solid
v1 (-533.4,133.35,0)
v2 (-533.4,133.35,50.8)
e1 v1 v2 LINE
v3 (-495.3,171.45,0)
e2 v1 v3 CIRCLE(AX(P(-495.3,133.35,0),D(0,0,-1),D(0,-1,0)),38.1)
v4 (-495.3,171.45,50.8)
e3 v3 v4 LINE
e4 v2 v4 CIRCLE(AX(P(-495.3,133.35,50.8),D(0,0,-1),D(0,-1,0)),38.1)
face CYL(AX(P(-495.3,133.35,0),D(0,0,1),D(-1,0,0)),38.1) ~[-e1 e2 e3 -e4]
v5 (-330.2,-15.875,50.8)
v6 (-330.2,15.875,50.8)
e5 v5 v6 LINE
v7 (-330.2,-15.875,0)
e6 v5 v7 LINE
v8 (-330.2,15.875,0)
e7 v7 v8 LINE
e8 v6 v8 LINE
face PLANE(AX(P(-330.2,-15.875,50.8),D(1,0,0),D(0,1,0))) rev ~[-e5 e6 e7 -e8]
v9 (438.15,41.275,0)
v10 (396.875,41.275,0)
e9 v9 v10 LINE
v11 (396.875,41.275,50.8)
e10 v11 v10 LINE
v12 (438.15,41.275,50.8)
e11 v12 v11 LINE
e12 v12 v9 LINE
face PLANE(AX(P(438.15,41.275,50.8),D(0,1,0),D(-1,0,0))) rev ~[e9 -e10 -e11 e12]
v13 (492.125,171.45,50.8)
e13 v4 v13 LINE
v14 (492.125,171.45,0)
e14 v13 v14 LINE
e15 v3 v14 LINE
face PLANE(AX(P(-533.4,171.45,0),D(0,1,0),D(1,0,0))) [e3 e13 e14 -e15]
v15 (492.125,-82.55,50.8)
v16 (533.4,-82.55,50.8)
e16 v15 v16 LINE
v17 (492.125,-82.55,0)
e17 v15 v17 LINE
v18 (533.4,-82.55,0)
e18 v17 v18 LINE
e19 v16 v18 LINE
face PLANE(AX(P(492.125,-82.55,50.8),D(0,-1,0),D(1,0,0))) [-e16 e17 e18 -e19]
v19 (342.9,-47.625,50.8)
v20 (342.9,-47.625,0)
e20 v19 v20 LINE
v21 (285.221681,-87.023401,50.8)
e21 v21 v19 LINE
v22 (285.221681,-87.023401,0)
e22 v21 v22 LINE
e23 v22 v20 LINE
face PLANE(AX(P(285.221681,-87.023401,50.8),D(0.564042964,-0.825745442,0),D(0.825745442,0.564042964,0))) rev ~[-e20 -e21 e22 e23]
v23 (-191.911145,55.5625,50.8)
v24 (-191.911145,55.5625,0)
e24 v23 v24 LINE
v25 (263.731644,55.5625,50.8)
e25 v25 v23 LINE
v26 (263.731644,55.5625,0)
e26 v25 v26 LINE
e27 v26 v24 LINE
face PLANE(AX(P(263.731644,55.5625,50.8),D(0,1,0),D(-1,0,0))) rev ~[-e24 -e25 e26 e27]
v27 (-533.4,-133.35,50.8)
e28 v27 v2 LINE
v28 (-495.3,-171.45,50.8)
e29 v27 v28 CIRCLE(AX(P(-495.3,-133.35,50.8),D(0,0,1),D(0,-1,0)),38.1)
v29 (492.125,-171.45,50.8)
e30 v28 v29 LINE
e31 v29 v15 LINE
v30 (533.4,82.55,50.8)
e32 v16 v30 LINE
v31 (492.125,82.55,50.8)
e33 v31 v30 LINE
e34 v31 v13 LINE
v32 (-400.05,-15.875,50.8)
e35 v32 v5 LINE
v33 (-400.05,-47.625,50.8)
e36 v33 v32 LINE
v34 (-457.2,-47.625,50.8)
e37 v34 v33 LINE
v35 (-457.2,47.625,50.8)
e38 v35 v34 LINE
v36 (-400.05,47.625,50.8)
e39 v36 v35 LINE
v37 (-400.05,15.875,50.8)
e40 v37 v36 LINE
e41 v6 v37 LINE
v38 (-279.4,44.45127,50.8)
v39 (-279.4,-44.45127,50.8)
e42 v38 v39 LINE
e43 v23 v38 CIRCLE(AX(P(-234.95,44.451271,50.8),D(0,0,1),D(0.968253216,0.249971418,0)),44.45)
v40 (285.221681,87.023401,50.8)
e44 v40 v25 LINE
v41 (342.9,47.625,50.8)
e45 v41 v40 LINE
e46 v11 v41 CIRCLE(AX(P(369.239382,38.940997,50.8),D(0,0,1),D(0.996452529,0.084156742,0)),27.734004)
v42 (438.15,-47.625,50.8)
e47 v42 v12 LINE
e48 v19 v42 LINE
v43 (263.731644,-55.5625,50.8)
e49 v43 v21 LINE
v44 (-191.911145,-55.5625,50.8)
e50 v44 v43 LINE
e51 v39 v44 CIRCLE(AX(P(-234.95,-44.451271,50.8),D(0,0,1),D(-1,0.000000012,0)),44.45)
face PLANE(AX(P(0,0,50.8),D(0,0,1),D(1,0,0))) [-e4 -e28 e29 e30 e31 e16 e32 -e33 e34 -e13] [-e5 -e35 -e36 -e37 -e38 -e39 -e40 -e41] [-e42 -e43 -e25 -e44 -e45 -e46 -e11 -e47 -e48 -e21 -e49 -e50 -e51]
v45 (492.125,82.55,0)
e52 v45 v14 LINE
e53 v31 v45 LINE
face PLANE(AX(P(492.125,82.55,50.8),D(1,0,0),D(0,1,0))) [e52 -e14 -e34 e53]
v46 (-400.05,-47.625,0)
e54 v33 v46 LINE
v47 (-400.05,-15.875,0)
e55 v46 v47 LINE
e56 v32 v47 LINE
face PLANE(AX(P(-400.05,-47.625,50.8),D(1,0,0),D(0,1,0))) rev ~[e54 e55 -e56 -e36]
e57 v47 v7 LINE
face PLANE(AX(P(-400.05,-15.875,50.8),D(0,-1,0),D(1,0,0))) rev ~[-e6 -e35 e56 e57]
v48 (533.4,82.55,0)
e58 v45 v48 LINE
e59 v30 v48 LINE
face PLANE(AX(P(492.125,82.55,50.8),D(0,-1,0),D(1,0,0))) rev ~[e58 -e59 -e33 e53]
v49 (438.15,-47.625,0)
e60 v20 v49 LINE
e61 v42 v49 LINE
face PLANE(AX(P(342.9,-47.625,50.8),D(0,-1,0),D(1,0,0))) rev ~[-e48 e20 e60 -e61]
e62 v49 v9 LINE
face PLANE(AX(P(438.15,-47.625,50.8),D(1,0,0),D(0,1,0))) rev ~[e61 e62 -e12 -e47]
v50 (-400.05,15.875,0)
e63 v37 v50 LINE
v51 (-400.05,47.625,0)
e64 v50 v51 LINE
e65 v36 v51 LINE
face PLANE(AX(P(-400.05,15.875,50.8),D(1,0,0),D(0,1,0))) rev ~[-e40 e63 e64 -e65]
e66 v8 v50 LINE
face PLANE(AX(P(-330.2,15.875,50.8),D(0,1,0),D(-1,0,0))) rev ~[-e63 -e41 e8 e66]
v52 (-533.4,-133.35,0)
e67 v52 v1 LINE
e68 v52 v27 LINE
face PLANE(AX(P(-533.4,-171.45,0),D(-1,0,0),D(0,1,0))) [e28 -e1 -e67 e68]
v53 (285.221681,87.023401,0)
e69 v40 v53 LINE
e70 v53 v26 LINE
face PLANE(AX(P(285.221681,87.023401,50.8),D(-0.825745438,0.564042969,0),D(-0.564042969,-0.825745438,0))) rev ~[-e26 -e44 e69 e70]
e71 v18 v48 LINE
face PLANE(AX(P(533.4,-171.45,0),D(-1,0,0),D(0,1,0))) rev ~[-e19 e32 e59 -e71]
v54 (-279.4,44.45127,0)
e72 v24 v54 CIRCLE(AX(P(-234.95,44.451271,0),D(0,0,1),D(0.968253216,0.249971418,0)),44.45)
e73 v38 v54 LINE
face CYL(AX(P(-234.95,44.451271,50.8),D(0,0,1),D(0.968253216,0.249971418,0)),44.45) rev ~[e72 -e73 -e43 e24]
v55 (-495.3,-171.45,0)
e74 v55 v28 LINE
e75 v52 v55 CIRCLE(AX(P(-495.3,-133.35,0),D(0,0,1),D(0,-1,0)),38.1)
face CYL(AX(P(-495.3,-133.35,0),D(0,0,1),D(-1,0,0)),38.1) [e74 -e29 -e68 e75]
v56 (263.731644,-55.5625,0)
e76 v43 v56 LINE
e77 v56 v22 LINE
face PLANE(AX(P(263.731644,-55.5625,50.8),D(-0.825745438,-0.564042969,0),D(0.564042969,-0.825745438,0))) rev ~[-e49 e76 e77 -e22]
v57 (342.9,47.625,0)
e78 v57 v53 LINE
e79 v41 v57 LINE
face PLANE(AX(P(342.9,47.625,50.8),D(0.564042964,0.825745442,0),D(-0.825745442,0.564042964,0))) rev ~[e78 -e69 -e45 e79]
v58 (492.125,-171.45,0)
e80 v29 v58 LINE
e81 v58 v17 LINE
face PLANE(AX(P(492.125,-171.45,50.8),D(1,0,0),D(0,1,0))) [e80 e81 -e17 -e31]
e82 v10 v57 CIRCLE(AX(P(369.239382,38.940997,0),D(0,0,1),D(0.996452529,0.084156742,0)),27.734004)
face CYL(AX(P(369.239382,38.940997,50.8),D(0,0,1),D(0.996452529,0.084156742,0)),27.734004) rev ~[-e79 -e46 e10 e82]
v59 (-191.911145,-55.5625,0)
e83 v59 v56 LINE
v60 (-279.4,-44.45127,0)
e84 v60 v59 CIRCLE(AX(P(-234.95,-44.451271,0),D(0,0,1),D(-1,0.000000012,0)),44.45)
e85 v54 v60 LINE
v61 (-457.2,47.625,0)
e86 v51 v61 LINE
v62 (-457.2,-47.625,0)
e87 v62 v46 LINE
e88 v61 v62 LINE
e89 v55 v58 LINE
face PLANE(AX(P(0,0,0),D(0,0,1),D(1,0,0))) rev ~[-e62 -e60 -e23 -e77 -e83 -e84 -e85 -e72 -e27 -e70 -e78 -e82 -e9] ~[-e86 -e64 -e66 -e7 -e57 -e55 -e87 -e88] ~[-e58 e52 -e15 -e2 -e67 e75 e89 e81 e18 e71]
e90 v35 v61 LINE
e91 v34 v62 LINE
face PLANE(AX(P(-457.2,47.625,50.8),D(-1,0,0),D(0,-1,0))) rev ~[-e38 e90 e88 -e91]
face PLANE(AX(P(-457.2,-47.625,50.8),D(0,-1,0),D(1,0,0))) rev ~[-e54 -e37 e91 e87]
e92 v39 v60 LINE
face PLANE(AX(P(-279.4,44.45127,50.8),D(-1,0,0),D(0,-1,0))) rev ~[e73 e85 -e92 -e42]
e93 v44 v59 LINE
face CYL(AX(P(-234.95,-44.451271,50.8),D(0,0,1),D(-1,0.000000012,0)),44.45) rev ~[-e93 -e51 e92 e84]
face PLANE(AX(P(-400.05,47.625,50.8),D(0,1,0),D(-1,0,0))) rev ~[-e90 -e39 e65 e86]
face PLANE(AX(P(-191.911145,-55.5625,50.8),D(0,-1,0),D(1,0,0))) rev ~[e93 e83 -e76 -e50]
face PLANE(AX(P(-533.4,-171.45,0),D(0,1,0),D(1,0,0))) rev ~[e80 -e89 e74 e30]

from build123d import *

# Parameters (mm, degrees)
F0_W     = 1066.8
F0_H     = 342.9
F1_DEPTH = 50.8
F2_R     = 38.1
F3_W     = 41.275
F3_H     = 88.9
F4_DEPTH = 50.8
F7_DEPTH = 50.8
F8_DEPTH = 50.8


with BuildPart() as f1:
    # F0 (on Top) → F1 (new body)
    with BuildSketch(Plane.XY):
        Rectangle(F0_W, F0_H)
    extrude(amount=F1_DEPTH)

    # F2
    f2_edges = [f1.edges().sort_by_distance(p)[0] for p in [
        (-533.4, 171.45, 25.4),
        (-533.4, -171.45, 25.4),
        (533.4, 171.45, 25.4),
        (533.4, -171.45, 25.4),
    ]]
    fillet(f2_edges, radius=F2_R)

    # F3 (on face) → F4 (cut)
    with BuildSketch(Plane.XY.offset(50.8)):
        with Locations((512.7625, 127)):
            Rectangle(F3_W, F3_H)
        with Locations((512.7625, -127)):
            Rectangle(F3_W, F3_H)
    extrude(amount=-F4_DEPTH, mode=Mode.SUBTRACT)

    # F6 (on face) → F7 (cut)
    with BuildSketch(Plane.XY.offset(50.8)):
        with BuildLine():
            ThreePointArc((-279.4, 44.45127), (-234.95, 0.00127), (-190.5, 44.45127))
            ThreePointArc((-190.5, 44.45127), (-190.854197, 50.05151), (-191.911145, 55.5625))
            ThreePointArc((-191.911145, 55.5625), (-240.55024, 88.547073), (-279.4, 44.45127))
        make_face()
        with BuildLine():
            ThreePointArc((-191.911145, 55.5625), (-190.854197, 50.05151), (-190.5, 44.45127))
            ThreePointArc((-190.5, 44.45127), (-234.95, 0.00127), (-279.4, 44.45127))
            Line((-279.4, 44.45127), (-279.4, -44.45127))
            ThreePointArc((-279.4, -44.45127), (-234.95, -0.00127), (-190.5, -44.45127))
            ThreePointArc((-190.5, -44.45127), (-190.854197, -50.05151), (-191.911145, -55.5625))
            Line((-191.911145, -55.5625), (263.731644, -55.5625))
            Line((263.731644, -55.5625), (285.221681, -87.023401))
            Line((285.221681, -87.023401), (342.9, -47.625))
            Line((342.9, -47.625), (438.15, -47.625))
            Line((438.15, -47.625), (438.15, 41.275))
            Line((438.15, 41.275), (396.875, 41.275))
            ThreePointArc((396.875, 41.275), (372.479858, 66.485039), (342.9, 47.625))
            Line((342.9, 47.625), (285.221681, 87.023401))
            Line((285.221681, 87.023401), (263.731644, 55.5625))
            Line((263.731644, 55.5625), (-191.911145, 55.5625))
        make_face()
        with BuildLine():
            ThreePointArc((-190.5, -44.45127), (-234.95, -0.00127), (-279.4, -44.45127))
            ThreePointArc((-279.4, -44.45127), (-240.55024, -88.547073), (-191.911145, -55.5625))
            ThreePointArc((-191.911145, -55.5625), (-190.854197, -50.05151), (-190.5, -44.45127))
        make_face()
    extrude(amount=-F7_DEPTH, mode=Mode.SUBTRACT)

    # F5 (on face) → F8 (cut)
    with BuildSketch(Plane.XY.offset(50.8)):
        Polygon((-400.05, 47.625), (-457.2, 47.625), (-457.2, -47.625), (-400.05, -47.625), (-400.05, -15.875), (-330.2, -15.875), (-330.2, 15.875), (-400.05, 15.875), align=None)
    extrude(amount=-F8_DEPTH, mode=Mode.SUBTRACT)


solid = f1.part
